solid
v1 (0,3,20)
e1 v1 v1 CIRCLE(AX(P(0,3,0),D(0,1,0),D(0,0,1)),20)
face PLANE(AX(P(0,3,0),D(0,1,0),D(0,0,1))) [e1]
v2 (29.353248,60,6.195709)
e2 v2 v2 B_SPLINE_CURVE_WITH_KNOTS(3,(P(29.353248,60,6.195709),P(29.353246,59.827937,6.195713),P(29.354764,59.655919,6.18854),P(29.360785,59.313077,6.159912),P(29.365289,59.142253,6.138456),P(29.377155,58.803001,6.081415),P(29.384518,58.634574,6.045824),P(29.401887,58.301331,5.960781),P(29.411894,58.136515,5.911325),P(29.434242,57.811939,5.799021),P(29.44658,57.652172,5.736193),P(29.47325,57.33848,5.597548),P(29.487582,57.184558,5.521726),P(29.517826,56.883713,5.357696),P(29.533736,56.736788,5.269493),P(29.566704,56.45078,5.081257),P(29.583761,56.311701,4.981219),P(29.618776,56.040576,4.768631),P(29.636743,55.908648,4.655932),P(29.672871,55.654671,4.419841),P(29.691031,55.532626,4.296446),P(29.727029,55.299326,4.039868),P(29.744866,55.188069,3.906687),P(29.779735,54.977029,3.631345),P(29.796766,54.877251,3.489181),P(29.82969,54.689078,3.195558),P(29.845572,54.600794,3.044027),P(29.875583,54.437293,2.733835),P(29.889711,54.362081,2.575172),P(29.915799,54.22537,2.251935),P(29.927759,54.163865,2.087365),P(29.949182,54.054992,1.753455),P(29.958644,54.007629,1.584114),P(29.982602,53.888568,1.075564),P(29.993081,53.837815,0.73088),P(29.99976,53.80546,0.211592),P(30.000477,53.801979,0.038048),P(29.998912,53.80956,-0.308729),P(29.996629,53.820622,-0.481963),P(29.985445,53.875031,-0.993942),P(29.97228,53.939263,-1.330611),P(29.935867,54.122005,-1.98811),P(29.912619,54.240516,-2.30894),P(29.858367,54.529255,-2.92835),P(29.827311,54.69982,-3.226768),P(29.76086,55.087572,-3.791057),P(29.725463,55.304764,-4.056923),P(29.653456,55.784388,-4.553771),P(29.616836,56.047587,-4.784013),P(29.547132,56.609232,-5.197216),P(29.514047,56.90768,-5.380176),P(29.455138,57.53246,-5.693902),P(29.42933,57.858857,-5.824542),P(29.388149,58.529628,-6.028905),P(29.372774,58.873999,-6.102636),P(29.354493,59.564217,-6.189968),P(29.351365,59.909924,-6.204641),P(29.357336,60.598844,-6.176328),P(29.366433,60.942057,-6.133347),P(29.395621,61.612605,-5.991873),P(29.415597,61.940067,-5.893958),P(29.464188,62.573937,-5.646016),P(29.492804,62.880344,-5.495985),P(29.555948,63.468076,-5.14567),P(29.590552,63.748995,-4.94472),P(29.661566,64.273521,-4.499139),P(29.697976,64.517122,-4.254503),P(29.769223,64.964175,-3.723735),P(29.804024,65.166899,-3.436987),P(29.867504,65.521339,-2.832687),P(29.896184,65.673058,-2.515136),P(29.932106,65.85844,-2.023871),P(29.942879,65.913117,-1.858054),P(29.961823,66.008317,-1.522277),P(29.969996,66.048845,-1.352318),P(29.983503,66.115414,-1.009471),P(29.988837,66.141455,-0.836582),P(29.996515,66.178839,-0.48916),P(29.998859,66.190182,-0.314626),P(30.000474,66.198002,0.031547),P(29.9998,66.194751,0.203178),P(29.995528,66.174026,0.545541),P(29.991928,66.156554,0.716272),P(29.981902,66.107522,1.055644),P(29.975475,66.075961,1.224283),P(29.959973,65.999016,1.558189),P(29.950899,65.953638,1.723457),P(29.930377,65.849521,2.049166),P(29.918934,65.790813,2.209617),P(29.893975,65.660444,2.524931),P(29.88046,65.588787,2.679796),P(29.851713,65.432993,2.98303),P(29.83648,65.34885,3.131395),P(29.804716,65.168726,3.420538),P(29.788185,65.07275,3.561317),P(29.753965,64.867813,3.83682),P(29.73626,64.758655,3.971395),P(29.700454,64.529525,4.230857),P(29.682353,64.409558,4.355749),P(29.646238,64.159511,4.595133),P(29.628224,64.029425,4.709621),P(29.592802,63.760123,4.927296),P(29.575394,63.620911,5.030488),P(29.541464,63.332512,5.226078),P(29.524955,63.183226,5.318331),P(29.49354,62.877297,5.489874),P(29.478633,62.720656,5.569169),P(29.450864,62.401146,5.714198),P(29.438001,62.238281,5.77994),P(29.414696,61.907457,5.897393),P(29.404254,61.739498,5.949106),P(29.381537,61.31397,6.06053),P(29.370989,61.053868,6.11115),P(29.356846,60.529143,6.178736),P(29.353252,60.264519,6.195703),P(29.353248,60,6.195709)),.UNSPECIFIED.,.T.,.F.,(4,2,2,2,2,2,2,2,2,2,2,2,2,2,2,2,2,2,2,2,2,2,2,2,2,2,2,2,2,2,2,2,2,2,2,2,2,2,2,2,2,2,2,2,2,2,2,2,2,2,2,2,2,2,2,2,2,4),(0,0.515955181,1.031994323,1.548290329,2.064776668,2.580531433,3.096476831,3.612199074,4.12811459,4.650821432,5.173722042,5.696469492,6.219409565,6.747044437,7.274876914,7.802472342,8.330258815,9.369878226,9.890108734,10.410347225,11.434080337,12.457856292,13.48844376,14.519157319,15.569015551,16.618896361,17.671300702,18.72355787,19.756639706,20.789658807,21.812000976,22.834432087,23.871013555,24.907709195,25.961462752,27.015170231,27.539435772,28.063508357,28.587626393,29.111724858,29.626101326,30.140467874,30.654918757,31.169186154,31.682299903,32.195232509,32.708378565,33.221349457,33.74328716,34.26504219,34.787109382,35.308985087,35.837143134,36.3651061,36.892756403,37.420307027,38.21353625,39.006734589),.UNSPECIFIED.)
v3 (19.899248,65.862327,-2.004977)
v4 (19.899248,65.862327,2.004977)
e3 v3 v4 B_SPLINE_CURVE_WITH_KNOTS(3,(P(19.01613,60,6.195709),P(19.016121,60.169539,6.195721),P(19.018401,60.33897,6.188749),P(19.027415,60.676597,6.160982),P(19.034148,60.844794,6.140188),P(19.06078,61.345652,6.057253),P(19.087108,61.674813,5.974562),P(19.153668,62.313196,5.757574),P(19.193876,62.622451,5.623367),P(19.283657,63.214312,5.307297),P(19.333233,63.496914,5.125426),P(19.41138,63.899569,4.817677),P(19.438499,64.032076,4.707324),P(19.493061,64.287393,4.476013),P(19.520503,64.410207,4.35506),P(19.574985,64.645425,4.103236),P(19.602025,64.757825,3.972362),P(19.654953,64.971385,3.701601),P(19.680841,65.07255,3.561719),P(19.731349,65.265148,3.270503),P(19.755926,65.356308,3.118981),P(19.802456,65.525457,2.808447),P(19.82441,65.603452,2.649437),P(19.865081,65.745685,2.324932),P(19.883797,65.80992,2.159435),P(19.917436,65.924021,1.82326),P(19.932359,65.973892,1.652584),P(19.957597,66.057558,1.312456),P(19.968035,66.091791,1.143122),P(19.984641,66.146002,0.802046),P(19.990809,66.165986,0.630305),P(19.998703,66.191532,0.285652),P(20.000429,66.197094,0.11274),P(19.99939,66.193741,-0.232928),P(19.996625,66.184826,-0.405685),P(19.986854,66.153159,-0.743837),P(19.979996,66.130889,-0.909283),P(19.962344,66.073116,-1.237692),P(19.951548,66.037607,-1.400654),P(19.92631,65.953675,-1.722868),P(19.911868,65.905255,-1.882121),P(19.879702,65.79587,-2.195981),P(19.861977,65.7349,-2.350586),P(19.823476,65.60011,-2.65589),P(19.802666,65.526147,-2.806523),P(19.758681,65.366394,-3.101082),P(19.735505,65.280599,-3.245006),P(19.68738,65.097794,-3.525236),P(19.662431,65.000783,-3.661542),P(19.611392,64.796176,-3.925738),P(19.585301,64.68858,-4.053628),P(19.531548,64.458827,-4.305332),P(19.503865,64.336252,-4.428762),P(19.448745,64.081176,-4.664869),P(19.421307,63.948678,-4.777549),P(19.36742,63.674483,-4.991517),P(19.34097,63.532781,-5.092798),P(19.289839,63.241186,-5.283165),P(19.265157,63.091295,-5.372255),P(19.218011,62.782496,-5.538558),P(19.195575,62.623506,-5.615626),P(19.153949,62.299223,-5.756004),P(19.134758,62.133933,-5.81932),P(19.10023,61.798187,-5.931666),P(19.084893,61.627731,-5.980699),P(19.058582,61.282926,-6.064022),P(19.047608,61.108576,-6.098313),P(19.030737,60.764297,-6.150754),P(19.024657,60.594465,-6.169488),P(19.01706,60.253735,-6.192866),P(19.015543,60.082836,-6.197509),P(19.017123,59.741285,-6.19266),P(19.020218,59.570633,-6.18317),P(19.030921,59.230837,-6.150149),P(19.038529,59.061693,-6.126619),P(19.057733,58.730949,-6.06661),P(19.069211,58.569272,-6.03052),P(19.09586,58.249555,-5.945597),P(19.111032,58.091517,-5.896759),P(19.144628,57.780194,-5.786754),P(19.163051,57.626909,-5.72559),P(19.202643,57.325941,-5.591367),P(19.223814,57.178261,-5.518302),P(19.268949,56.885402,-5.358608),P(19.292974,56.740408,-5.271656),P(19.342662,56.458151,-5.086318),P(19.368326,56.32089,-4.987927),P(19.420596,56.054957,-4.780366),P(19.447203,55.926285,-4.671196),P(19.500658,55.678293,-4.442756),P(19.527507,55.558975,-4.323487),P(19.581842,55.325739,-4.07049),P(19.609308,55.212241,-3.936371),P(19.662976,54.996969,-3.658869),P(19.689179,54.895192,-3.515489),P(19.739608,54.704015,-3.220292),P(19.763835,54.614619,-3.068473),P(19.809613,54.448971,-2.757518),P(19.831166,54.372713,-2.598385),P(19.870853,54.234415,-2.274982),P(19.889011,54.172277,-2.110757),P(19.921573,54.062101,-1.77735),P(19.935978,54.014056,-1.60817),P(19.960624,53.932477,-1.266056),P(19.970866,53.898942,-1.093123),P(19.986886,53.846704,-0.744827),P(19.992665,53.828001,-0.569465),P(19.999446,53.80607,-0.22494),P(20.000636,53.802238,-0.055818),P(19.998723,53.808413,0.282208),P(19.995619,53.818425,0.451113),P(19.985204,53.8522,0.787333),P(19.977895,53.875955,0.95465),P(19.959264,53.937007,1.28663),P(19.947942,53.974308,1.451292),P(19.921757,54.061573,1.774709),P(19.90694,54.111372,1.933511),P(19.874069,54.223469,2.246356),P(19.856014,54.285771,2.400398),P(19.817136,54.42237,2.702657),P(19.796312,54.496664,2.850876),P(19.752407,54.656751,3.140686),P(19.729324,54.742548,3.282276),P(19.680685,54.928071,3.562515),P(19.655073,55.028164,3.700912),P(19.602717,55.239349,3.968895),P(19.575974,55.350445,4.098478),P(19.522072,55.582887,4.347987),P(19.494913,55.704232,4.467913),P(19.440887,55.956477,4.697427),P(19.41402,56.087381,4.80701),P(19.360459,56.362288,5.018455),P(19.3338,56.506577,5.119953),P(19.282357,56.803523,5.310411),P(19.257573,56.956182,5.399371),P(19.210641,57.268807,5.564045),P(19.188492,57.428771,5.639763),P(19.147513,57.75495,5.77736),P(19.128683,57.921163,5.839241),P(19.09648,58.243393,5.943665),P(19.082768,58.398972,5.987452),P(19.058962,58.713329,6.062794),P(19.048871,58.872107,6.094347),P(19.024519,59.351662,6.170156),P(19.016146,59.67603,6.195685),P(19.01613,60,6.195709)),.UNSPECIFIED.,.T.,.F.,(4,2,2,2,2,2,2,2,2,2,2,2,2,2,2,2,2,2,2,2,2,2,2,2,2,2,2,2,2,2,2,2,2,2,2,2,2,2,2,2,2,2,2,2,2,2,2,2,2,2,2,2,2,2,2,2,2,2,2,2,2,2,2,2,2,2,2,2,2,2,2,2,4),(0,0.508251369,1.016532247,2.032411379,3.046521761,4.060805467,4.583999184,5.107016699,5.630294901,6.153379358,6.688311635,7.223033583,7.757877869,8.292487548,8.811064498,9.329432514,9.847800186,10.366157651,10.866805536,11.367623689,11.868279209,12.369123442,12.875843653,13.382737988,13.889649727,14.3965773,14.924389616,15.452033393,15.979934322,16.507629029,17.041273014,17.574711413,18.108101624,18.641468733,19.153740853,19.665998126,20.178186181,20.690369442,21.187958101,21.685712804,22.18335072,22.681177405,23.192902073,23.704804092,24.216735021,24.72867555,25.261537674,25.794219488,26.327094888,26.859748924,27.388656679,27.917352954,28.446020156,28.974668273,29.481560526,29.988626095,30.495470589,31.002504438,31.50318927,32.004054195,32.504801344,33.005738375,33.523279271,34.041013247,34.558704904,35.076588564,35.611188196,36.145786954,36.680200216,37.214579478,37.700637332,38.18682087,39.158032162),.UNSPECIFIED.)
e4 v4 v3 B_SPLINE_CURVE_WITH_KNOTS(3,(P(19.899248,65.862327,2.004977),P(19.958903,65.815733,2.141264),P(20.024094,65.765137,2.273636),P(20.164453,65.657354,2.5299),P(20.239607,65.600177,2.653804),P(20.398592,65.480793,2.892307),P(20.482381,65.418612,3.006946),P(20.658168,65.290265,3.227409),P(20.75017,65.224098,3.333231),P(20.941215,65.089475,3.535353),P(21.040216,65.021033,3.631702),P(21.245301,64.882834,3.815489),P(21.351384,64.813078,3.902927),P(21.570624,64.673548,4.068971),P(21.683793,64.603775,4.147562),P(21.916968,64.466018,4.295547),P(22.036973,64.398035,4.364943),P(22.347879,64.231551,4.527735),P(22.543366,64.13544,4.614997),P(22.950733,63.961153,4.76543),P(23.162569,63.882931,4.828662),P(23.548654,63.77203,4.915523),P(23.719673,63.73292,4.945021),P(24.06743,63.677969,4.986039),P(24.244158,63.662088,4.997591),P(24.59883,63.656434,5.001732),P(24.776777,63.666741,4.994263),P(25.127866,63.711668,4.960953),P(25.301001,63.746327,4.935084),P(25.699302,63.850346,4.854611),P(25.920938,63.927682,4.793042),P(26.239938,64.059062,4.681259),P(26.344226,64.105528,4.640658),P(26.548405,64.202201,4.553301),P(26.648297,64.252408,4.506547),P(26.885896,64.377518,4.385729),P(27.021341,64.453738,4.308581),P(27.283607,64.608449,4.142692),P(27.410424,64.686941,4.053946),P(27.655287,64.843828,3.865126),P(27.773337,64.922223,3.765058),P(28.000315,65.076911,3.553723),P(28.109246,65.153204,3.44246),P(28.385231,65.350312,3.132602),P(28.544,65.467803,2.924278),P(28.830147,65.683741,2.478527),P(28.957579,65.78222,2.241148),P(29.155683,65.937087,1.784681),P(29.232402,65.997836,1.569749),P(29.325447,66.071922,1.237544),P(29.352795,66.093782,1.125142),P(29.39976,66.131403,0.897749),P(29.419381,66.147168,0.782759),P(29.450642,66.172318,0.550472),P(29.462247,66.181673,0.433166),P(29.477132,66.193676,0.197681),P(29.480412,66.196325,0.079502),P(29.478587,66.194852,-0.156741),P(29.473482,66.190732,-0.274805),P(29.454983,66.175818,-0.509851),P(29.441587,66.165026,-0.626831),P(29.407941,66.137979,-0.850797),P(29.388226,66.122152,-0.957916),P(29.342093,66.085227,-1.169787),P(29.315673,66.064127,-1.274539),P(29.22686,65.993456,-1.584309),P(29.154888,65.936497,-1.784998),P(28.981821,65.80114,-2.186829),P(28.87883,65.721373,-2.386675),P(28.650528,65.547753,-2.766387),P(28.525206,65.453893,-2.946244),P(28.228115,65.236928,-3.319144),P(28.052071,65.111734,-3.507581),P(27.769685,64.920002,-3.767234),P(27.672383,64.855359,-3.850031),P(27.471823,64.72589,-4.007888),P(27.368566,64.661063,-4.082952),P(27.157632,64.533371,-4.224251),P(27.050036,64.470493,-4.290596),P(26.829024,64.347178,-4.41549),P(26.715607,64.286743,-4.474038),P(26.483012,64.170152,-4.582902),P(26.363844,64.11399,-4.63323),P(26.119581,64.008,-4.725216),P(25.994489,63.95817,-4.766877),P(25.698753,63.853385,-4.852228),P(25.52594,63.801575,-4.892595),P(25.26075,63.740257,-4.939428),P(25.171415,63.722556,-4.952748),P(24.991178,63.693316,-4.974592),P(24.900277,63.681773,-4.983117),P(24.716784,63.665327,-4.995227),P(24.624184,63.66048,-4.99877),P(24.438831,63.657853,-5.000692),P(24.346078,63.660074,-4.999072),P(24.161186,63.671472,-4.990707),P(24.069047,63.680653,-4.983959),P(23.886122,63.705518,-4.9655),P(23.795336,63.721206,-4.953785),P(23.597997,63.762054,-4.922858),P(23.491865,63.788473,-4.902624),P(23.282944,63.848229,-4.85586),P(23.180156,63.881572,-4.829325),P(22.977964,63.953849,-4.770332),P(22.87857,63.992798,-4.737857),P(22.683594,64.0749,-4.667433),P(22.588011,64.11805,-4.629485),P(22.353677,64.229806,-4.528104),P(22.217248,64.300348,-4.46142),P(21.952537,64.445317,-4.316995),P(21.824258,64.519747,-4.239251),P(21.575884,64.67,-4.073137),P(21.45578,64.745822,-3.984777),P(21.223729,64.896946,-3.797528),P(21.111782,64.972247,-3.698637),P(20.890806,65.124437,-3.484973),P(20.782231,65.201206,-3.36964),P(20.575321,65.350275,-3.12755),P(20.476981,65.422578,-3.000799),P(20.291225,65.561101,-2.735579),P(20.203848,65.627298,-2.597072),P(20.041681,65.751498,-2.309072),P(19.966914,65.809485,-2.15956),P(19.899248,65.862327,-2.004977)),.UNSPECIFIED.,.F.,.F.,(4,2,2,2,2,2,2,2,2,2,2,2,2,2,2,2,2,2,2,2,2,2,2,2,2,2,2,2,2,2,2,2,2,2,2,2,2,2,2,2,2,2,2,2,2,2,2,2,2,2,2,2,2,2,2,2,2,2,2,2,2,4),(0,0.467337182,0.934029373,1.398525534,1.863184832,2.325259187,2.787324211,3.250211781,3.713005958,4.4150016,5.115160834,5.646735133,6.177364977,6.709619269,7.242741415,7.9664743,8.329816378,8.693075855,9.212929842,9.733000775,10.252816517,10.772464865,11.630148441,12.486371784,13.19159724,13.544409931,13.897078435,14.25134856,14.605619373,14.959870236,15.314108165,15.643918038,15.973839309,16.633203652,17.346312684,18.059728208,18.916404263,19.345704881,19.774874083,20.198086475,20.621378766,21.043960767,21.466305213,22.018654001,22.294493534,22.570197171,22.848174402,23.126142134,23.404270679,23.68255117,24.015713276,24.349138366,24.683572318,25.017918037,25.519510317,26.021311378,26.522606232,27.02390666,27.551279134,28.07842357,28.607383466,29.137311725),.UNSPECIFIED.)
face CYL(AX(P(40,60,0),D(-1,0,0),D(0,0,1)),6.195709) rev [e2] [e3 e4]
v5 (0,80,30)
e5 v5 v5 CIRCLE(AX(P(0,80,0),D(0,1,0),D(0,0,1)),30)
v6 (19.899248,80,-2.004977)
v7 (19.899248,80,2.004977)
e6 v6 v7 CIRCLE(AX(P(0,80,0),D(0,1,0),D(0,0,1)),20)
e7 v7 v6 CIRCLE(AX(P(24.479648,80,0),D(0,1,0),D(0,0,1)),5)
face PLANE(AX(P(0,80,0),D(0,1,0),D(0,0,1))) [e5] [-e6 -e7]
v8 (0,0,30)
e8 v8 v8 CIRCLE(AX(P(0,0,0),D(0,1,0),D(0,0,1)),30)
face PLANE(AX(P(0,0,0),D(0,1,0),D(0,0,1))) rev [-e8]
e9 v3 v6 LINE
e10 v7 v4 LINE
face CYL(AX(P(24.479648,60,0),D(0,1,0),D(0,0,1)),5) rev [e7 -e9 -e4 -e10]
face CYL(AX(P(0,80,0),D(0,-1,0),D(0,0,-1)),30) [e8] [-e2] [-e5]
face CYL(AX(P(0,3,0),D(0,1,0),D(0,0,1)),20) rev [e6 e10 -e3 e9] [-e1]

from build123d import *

# Parameters (mm, degrees)
SKETCH1_R           = 30
BOSS_EXTRUDE1_DEPTH = 80
SKETCH2_R           = 20
CUT_EXTRUDE2_DEPTH  = 77
SKETCH3_R           = 5
CUT_EXTRUDE3_DEPTH  = 20
SKETCH6_R           = 6.195708911
CUT_EXTRUDE6_DEPTH  = 40


with BuildPart() as part:
    # Sketch1 → Boss-Extrude1 (new body)
    with BuildSketch(Plane(origin=(0, 0, 0), x_dir=(1, 0, 0), z_dir=(0, 1, 0))):
        with Locations(Location((0, 0, 0), (0, 0, 270))):
            Circle(SKETCH1_R)
    extrude(amount=BOSS_EXTRUDE1_DEPTH)

    # Sketch2 → Cut-Extrude2 (cut)
    with BuildSketch(Plane(origin=(0, 80, 0), x_dir=(1, 0, 0), z_dir=(0, 1, 0))):
        with Locations(Location((0, 0, 0), (0, 0, 270))):
            Circle(SKETCH2_R)
    extrude(amount=-CUT_EXTRUDE2_DEPTH, mode=Mode.SUBTRACT)

    # Sketch3 → Cut-Extrude3 (cut)
    with BuildSketch(Plane(origin=(0, 80, 0), x_dir=(1, 0, 0), z_dir=(0, 1, 0))):
        with Locations((24.479648354, 0)):
            Circle(SKETCH3_R)
    extrude(amount=-CUT_EXTRUDE3_DEPTH, mode=Mode.SUBTRACT)

    # Sketch6 → Cut-Extrude6 (cut)
    with BuildSketch(Plane(origin=(0, 0, 0), x_dir=(0, 0, -1), z_dir=(1, 0, 0))):
        with Locations(Location((0, 60, 0), (0, 0, 180))):
            Circle(SKETCH6_R)
    extrude(amount=CUT_EXTRUDE6_DEPTH, mode=Mode.SUBTRACT)


solid = part.part
